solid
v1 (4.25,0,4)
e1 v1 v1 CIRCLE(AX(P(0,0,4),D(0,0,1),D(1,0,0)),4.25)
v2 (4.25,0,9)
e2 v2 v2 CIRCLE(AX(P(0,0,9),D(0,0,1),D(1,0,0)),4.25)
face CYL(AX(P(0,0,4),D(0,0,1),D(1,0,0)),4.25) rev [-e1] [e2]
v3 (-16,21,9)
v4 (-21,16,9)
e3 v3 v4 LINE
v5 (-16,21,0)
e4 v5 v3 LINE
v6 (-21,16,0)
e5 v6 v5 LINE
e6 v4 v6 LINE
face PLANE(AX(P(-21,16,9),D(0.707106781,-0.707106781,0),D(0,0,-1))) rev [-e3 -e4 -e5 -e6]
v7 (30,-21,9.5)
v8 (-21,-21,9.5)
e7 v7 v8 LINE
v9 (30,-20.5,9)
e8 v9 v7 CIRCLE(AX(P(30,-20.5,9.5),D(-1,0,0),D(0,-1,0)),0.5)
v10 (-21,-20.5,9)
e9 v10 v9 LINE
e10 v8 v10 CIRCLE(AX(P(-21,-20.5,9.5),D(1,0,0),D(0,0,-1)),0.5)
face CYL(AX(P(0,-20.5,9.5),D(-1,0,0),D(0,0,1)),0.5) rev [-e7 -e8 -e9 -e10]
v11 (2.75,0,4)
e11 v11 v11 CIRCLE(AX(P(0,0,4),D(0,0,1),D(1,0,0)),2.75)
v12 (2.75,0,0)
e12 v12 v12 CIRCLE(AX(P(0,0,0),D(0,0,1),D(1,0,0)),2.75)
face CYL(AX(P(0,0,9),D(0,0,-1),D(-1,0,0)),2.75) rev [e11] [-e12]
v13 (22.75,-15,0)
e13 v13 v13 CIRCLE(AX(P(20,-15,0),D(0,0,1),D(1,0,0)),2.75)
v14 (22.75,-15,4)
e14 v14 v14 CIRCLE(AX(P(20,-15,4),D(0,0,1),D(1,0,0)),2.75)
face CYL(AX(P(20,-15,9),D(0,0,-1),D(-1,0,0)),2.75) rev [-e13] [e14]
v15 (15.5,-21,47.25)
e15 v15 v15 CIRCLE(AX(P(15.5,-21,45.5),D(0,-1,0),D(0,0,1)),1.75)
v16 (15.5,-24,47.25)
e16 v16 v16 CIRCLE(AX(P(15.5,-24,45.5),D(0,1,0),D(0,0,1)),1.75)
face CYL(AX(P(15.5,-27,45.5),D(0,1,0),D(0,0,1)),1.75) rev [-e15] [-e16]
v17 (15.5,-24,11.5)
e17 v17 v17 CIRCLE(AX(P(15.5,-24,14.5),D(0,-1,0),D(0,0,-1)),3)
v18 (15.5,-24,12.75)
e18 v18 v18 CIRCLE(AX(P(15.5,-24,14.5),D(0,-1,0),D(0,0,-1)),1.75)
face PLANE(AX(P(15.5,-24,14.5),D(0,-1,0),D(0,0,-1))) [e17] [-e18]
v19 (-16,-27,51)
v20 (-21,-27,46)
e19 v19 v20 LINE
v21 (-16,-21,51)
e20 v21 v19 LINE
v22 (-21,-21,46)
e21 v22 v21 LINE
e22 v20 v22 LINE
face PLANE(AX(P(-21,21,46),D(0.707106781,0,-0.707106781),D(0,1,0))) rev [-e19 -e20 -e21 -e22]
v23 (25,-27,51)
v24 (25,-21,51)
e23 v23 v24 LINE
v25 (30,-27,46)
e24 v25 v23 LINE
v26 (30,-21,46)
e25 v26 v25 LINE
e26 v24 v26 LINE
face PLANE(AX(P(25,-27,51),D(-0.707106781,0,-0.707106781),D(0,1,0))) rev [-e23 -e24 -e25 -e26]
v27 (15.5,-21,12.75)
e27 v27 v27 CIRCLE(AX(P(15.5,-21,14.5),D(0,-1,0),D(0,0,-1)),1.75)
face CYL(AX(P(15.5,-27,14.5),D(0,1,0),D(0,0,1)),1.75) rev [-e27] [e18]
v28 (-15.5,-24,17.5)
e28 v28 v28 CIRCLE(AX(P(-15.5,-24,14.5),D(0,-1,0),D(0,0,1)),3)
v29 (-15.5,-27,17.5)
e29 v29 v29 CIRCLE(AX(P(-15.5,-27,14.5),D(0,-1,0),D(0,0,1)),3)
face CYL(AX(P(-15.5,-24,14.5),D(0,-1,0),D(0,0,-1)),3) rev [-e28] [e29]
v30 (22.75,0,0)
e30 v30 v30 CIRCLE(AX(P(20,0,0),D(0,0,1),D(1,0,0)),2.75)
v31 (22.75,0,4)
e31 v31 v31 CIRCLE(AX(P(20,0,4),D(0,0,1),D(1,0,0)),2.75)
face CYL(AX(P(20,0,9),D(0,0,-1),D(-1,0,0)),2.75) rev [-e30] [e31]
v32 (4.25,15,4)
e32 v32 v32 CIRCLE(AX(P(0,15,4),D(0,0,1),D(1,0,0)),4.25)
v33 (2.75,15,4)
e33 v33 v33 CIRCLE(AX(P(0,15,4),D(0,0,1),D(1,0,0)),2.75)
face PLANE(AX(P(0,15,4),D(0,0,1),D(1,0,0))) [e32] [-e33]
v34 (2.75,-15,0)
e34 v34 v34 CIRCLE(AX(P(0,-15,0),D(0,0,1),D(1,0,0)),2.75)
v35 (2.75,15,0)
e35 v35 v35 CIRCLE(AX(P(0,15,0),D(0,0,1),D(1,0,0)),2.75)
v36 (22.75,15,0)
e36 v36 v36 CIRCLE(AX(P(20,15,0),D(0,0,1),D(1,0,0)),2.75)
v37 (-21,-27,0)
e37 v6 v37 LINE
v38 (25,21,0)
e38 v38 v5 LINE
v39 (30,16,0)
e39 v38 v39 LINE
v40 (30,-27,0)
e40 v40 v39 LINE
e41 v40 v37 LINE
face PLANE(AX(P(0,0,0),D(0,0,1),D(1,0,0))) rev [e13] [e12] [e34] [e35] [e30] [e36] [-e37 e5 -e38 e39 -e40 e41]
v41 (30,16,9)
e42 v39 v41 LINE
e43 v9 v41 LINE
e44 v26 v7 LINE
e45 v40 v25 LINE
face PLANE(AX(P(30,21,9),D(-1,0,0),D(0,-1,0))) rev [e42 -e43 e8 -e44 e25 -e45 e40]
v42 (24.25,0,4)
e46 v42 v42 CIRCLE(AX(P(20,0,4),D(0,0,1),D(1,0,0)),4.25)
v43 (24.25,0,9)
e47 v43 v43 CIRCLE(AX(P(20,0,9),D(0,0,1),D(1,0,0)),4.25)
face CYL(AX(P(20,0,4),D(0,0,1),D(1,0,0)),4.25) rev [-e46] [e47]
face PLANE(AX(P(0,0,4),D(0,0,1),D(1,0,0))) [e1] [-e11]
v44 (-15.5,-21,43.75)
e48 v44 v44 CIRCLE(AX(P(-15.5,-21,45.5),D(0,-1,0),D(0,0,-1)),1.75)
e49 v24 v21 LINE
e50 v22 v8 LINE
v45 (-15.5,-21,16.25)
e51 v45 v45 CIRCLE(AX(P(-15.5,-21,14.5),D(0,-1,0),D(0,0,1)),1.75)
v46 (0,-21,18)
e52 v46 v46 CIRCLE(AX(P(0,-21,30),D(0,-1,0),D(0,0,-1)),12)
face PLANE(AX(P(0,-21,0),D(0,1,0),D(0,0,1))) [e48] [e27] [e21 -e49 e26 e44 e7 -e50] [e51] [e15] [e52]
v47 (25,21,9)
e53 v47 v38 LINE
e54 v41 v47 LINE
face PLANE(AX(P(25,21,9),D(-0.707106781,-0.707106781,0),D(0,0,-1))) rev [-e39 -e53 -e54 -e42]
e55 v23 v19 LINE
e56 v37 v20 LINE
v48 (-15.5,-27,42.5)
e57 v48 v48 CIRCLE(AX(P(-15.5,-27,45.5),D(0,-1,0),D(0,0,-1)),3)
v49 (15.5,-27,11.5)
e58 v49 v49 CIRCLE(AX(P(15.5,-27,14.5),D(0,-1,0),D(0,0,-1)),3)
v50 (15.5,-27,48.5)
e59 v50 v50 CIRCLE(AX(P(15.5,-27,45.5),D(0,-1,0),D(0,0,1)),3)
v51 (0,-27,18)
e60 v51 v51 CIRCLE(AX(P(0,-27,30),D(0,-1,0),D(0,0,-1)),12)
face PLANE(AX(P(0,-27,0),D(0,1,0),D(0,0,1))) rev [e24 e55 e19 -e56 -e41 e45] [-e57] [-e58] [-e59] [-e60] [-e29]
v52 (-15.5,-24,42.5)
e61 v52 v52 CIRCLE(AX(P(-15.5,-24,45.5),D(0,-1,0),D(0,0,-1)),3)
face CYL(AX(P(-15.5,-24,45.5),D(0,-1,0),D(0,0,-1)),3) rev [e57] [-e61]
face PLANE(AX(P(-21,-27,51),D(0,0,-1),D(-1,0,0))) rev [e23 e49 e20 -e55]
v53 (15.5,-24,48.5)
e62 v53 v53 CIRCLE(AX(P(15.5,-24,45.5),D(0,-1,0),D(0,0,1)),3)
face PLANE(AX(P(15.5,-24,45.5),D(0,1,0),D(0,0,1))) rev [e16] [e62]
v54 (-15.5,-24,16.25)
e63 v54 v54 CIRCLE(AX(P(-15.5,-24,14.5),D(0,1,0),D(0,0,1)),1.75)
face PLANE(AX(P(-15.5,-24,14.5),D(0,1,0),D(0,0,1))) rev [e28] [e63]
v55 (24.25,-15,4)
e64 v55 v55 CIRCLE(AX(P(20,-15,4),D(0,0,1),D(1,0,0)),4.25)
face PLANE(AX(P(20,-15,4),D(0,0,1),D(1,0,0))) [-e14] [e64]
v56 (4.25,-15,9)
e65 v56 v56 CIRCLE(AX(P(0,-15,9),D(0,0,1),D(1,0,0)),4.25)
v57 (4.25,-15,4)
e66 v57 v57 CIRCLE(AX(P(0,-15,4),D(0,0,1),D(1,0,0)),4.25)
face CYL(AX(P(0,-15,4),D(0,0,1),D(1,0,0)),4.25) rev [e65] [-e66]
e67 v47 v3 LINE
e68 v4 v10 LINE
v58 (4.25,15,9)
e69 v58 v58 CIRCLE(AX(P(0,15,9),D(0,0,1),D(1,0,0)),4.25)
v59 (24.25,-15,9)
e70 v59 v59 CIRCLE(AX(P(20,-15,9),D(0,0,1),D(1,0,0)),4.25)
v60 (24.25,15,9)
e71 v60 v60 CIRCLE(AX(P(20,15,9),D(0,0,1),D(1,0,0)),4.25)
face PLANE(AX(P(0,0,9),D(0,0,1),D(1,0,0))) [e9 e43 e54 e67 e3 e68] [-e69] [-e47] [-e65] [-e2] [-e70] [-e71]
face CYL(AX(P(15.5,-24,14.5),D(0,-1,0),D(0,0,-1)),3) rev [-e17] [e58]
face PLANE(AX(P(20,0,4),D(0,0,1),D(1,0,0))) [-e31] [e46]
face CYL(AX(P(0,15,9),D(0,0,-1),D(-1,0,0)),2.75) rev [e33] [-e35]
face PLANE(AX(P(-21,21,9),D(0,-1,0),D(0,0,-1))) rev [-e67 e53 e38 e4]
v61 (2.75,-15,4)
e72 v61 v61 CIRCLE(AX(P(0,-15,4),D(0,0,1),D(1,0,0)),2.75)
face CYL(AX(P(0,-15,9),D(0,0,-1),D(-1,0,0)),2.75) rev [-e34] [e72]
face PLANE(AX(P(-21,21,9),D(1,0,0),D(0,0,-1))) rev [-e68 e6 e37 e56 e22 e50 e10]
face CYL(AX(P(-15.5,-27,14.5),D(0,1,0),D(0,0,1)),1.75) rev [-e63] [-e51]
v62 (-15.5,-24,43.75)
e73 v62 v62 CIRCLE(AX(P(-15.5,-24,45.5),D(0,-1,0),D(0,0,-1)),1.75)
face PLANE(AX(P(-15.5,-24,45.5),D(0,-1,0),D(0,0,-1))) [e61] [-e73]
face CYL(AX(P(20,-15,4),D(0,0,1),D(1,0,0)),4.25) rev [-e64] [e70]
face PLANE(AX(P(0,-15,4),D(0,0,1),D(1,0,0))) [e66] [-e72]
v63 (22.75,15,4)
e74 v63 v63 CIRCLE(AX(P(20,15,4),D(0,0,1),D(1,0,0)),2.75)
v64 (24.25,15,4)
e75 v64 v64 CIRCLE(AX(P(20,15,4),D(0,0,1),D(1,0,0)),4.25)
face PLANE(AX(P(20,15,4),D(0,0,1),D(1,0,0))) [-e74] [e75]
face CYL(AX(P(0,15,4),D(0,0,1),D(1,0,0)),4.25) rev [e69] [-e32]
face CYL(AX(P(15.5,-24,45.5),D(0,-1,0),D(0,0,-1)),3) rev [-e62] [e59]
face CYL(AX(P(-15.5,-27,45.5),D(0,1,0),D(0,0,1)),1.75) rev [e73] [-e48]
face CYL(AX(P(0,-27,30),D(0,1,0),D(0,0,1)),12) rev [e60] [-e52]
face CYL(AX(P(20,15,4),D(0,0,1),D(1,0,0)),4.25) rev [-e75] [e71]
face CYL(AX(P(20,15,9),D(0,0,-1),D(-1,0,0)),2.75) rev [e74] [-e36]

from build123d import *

# Parameters (mm, degrees)
SKETCH_1_R          = 2.75
EXTRUDE_1_DEPTH     = 9
SKETCH_3_W          = 42
SKETCH_3_H          = 42
SKETCH_3_R          = 1.75
SKETCH_3_R_2        = 12
EXTRUDE_2_DEPTH     = 6
SKETCH_4_R          = 3
CUT_EXTRUDE_2_DEPTH = 3
SKETCH_5_W          = 42
SKETCH_5_H          = 9
EXTRUDE_3_DEPTH     = 6
SKETCH_6_R          = 4.25
CUT_EXTRUDE_3_DEPTH = 5
CHAMFER_2_SIZE      = 5
SKETCH_7_W          = 51
SKETCH_7_H          = 6
EXTRUDE_4_DEPTH     = 9
CHAMFER_3_SIZE      = 5
FILLET_1_R          = 0.5


with BuildPart() as part:
    # 草圖1 → 填料-伸長1 (new body)
    with BuildSketch(Plane.XY):
        Polygon((30, 21), (21, 21), (-21, 21), (-21, -21), (21, -21), (30, -21), align=None)
        with Locations((0, 15)):
            Circle(SKETCH_1_R, mode=Mode.SUBTRACT)
        with Locations((20, 15)):
            Circle(SKETCH_1_R, mode=Mode.SUBTRACT)
        with Locations((20, 0)):
            Circle(SKETCH_1_R, mode=Mode.SUBTRACT)
        with Locations((20, -15)):
            Circle(SKETCH_1_R, mode=Mode.SUBTRACT)
        Circle(SKETCH_1_R, mode=Mode.SUBTRACT)
        with Locations((0, -15)):
            Circle(SKETCH_1_R, mode=Mode.SUBTRACT)
    extrude(amount=EXTRUDE_1_DEPTH)



with BuildPart() as body_2:
    # 草圖3 → 填料-伸長2 (new body)
    with BuildSketch(Plane.XZ.offset(21)):
        with Locations((0, 30)):
            Rectangle(SKETCH_3_W, SKETCH_3_H)
        with Locations(Location((-15.5, 45.5, 0), (0, 0, 270))):
            Circle(SKETCH_3_R, mode=Mode.SUBTRACT)
        with Locations(Location((-15.5, 14.5, 0), (0, 0, 90))):
            Circle(SKETCH_3_R, mode=Mode.SUBTRACT)
        with Locations(Location((15.5, 14.5, 0), (0, 0, 270))):
            Circle(SKETCH_3_R, mode=Mode.SUBTRACT)
        with Locations(Location((15.5, 45.5, 0), (0, 0, 90))):
            Circle(SKETCH_3_R, mode=Mode.SUBTRACT)
        with Locations(Location((0, 30, 0), (0, 0, 270))):
            Circle(SKETCH_3_R_2, mode=Mode.SUBTRACT)
    extrude(amount=EXTRUDE_2_DEPTH)

    # 草圖4 → 除料-伸長2 (cut)
    with BuildSketch(Plane.XZ.offset(27)):
        with Locations(Location((-15.5, 45.5, 0), (0, 0, 270))):
            Circle(SKETCH_4_R)
        with Locations(Location((-15.5, 14.5, 0), (0, 0, 90))):
            Circle(SKETCH_4_R)
        with Locations(Location((15.5, 14.5, 0), (0, 0, 270))):
            Circle(SKETCH_4_R)
        with Locations(Location((15.5, 45.5, 0), (0, 0, 90))):
            Circle(SKETCH_4_R)
    extrude(amount=-CUT_EXTRUDE_2_DEPTH, mode=Mode.SUBTRACT)


with BuildPart() as part_1:
    add(part.part)

    add(body_2.part)  # 填料-伸長3 merges body 2
    # 草圖5 → 填料-伸長3 (add)
    with BuildSketch(Plane.XZ.offset(21)):
        with Locations((0, 4.5)):
            Rectangle(SKETCH_5_W, SKETCH_5_H)
    extrude(amount=EXTRUDE_3_DEPTH)

    # 草圖6 → 除料-伸長3 (cut)
    with BuildSketch(Plane.XY.offset(9)):
        with Locations((0, 15)):
            Circle(SKETCH_6_R)
        with Locations((20, 15)):
            Circle(SKETCH_6_R)
        with Locations((20, 0)):
            Circle(SKETCH_6_R)
        with Locations((20, -15)):
            Circle(SKETCH_6_R)
        Circle(SKETCH_6_R)
        with Locations((0, -15)):
            Circle(SKETCH_6_R)
    extrude(amount=-CUT_EXTRUDE_3_DEPTH, mode=Mode.SUBTRACT)

    # 導角2
    chamfer_2_edges = [part_1.edges().sort_by_distance(p)[0] for p in [
        (-21, 21, 4.5),
        (30, 21, 4.5),
    ]]
    chamfer(chamfer_2_edges, length=CHAMFER_2_SIZE)

    # 草圖7 → 填料-伸長4 (add)
    with BuildSketch(Plane(origin=(21, 0, 0), x_dir=(0, 0, -1), z_dir=(1, 0, 0))):
        with Locations((-25.5, -24)):
            Rectangle(SKETCH_7_W, SKETCH_7_H)
    extrude(amount=EXTRUDE_4_DEPTH)

    # 導角3
    chamfer_3_edges = [part_1.edges().sort_by_distance(p)[0] for p in [
        (30, -24, 51),
        (-21, -24, 51),
    ]]
    chamfer(chamfer_3_edges, length=CHAMFER_3_SIZE)

    # 圓角1
    fillet_1_edges = [part_1.edges().sort_by_distance(p)[0] for p in [
        (4.5, -21, 9),
    ]]
    fillet(fillet_1_edges, radius=FILLET_1_R)


solid = part_1.part
